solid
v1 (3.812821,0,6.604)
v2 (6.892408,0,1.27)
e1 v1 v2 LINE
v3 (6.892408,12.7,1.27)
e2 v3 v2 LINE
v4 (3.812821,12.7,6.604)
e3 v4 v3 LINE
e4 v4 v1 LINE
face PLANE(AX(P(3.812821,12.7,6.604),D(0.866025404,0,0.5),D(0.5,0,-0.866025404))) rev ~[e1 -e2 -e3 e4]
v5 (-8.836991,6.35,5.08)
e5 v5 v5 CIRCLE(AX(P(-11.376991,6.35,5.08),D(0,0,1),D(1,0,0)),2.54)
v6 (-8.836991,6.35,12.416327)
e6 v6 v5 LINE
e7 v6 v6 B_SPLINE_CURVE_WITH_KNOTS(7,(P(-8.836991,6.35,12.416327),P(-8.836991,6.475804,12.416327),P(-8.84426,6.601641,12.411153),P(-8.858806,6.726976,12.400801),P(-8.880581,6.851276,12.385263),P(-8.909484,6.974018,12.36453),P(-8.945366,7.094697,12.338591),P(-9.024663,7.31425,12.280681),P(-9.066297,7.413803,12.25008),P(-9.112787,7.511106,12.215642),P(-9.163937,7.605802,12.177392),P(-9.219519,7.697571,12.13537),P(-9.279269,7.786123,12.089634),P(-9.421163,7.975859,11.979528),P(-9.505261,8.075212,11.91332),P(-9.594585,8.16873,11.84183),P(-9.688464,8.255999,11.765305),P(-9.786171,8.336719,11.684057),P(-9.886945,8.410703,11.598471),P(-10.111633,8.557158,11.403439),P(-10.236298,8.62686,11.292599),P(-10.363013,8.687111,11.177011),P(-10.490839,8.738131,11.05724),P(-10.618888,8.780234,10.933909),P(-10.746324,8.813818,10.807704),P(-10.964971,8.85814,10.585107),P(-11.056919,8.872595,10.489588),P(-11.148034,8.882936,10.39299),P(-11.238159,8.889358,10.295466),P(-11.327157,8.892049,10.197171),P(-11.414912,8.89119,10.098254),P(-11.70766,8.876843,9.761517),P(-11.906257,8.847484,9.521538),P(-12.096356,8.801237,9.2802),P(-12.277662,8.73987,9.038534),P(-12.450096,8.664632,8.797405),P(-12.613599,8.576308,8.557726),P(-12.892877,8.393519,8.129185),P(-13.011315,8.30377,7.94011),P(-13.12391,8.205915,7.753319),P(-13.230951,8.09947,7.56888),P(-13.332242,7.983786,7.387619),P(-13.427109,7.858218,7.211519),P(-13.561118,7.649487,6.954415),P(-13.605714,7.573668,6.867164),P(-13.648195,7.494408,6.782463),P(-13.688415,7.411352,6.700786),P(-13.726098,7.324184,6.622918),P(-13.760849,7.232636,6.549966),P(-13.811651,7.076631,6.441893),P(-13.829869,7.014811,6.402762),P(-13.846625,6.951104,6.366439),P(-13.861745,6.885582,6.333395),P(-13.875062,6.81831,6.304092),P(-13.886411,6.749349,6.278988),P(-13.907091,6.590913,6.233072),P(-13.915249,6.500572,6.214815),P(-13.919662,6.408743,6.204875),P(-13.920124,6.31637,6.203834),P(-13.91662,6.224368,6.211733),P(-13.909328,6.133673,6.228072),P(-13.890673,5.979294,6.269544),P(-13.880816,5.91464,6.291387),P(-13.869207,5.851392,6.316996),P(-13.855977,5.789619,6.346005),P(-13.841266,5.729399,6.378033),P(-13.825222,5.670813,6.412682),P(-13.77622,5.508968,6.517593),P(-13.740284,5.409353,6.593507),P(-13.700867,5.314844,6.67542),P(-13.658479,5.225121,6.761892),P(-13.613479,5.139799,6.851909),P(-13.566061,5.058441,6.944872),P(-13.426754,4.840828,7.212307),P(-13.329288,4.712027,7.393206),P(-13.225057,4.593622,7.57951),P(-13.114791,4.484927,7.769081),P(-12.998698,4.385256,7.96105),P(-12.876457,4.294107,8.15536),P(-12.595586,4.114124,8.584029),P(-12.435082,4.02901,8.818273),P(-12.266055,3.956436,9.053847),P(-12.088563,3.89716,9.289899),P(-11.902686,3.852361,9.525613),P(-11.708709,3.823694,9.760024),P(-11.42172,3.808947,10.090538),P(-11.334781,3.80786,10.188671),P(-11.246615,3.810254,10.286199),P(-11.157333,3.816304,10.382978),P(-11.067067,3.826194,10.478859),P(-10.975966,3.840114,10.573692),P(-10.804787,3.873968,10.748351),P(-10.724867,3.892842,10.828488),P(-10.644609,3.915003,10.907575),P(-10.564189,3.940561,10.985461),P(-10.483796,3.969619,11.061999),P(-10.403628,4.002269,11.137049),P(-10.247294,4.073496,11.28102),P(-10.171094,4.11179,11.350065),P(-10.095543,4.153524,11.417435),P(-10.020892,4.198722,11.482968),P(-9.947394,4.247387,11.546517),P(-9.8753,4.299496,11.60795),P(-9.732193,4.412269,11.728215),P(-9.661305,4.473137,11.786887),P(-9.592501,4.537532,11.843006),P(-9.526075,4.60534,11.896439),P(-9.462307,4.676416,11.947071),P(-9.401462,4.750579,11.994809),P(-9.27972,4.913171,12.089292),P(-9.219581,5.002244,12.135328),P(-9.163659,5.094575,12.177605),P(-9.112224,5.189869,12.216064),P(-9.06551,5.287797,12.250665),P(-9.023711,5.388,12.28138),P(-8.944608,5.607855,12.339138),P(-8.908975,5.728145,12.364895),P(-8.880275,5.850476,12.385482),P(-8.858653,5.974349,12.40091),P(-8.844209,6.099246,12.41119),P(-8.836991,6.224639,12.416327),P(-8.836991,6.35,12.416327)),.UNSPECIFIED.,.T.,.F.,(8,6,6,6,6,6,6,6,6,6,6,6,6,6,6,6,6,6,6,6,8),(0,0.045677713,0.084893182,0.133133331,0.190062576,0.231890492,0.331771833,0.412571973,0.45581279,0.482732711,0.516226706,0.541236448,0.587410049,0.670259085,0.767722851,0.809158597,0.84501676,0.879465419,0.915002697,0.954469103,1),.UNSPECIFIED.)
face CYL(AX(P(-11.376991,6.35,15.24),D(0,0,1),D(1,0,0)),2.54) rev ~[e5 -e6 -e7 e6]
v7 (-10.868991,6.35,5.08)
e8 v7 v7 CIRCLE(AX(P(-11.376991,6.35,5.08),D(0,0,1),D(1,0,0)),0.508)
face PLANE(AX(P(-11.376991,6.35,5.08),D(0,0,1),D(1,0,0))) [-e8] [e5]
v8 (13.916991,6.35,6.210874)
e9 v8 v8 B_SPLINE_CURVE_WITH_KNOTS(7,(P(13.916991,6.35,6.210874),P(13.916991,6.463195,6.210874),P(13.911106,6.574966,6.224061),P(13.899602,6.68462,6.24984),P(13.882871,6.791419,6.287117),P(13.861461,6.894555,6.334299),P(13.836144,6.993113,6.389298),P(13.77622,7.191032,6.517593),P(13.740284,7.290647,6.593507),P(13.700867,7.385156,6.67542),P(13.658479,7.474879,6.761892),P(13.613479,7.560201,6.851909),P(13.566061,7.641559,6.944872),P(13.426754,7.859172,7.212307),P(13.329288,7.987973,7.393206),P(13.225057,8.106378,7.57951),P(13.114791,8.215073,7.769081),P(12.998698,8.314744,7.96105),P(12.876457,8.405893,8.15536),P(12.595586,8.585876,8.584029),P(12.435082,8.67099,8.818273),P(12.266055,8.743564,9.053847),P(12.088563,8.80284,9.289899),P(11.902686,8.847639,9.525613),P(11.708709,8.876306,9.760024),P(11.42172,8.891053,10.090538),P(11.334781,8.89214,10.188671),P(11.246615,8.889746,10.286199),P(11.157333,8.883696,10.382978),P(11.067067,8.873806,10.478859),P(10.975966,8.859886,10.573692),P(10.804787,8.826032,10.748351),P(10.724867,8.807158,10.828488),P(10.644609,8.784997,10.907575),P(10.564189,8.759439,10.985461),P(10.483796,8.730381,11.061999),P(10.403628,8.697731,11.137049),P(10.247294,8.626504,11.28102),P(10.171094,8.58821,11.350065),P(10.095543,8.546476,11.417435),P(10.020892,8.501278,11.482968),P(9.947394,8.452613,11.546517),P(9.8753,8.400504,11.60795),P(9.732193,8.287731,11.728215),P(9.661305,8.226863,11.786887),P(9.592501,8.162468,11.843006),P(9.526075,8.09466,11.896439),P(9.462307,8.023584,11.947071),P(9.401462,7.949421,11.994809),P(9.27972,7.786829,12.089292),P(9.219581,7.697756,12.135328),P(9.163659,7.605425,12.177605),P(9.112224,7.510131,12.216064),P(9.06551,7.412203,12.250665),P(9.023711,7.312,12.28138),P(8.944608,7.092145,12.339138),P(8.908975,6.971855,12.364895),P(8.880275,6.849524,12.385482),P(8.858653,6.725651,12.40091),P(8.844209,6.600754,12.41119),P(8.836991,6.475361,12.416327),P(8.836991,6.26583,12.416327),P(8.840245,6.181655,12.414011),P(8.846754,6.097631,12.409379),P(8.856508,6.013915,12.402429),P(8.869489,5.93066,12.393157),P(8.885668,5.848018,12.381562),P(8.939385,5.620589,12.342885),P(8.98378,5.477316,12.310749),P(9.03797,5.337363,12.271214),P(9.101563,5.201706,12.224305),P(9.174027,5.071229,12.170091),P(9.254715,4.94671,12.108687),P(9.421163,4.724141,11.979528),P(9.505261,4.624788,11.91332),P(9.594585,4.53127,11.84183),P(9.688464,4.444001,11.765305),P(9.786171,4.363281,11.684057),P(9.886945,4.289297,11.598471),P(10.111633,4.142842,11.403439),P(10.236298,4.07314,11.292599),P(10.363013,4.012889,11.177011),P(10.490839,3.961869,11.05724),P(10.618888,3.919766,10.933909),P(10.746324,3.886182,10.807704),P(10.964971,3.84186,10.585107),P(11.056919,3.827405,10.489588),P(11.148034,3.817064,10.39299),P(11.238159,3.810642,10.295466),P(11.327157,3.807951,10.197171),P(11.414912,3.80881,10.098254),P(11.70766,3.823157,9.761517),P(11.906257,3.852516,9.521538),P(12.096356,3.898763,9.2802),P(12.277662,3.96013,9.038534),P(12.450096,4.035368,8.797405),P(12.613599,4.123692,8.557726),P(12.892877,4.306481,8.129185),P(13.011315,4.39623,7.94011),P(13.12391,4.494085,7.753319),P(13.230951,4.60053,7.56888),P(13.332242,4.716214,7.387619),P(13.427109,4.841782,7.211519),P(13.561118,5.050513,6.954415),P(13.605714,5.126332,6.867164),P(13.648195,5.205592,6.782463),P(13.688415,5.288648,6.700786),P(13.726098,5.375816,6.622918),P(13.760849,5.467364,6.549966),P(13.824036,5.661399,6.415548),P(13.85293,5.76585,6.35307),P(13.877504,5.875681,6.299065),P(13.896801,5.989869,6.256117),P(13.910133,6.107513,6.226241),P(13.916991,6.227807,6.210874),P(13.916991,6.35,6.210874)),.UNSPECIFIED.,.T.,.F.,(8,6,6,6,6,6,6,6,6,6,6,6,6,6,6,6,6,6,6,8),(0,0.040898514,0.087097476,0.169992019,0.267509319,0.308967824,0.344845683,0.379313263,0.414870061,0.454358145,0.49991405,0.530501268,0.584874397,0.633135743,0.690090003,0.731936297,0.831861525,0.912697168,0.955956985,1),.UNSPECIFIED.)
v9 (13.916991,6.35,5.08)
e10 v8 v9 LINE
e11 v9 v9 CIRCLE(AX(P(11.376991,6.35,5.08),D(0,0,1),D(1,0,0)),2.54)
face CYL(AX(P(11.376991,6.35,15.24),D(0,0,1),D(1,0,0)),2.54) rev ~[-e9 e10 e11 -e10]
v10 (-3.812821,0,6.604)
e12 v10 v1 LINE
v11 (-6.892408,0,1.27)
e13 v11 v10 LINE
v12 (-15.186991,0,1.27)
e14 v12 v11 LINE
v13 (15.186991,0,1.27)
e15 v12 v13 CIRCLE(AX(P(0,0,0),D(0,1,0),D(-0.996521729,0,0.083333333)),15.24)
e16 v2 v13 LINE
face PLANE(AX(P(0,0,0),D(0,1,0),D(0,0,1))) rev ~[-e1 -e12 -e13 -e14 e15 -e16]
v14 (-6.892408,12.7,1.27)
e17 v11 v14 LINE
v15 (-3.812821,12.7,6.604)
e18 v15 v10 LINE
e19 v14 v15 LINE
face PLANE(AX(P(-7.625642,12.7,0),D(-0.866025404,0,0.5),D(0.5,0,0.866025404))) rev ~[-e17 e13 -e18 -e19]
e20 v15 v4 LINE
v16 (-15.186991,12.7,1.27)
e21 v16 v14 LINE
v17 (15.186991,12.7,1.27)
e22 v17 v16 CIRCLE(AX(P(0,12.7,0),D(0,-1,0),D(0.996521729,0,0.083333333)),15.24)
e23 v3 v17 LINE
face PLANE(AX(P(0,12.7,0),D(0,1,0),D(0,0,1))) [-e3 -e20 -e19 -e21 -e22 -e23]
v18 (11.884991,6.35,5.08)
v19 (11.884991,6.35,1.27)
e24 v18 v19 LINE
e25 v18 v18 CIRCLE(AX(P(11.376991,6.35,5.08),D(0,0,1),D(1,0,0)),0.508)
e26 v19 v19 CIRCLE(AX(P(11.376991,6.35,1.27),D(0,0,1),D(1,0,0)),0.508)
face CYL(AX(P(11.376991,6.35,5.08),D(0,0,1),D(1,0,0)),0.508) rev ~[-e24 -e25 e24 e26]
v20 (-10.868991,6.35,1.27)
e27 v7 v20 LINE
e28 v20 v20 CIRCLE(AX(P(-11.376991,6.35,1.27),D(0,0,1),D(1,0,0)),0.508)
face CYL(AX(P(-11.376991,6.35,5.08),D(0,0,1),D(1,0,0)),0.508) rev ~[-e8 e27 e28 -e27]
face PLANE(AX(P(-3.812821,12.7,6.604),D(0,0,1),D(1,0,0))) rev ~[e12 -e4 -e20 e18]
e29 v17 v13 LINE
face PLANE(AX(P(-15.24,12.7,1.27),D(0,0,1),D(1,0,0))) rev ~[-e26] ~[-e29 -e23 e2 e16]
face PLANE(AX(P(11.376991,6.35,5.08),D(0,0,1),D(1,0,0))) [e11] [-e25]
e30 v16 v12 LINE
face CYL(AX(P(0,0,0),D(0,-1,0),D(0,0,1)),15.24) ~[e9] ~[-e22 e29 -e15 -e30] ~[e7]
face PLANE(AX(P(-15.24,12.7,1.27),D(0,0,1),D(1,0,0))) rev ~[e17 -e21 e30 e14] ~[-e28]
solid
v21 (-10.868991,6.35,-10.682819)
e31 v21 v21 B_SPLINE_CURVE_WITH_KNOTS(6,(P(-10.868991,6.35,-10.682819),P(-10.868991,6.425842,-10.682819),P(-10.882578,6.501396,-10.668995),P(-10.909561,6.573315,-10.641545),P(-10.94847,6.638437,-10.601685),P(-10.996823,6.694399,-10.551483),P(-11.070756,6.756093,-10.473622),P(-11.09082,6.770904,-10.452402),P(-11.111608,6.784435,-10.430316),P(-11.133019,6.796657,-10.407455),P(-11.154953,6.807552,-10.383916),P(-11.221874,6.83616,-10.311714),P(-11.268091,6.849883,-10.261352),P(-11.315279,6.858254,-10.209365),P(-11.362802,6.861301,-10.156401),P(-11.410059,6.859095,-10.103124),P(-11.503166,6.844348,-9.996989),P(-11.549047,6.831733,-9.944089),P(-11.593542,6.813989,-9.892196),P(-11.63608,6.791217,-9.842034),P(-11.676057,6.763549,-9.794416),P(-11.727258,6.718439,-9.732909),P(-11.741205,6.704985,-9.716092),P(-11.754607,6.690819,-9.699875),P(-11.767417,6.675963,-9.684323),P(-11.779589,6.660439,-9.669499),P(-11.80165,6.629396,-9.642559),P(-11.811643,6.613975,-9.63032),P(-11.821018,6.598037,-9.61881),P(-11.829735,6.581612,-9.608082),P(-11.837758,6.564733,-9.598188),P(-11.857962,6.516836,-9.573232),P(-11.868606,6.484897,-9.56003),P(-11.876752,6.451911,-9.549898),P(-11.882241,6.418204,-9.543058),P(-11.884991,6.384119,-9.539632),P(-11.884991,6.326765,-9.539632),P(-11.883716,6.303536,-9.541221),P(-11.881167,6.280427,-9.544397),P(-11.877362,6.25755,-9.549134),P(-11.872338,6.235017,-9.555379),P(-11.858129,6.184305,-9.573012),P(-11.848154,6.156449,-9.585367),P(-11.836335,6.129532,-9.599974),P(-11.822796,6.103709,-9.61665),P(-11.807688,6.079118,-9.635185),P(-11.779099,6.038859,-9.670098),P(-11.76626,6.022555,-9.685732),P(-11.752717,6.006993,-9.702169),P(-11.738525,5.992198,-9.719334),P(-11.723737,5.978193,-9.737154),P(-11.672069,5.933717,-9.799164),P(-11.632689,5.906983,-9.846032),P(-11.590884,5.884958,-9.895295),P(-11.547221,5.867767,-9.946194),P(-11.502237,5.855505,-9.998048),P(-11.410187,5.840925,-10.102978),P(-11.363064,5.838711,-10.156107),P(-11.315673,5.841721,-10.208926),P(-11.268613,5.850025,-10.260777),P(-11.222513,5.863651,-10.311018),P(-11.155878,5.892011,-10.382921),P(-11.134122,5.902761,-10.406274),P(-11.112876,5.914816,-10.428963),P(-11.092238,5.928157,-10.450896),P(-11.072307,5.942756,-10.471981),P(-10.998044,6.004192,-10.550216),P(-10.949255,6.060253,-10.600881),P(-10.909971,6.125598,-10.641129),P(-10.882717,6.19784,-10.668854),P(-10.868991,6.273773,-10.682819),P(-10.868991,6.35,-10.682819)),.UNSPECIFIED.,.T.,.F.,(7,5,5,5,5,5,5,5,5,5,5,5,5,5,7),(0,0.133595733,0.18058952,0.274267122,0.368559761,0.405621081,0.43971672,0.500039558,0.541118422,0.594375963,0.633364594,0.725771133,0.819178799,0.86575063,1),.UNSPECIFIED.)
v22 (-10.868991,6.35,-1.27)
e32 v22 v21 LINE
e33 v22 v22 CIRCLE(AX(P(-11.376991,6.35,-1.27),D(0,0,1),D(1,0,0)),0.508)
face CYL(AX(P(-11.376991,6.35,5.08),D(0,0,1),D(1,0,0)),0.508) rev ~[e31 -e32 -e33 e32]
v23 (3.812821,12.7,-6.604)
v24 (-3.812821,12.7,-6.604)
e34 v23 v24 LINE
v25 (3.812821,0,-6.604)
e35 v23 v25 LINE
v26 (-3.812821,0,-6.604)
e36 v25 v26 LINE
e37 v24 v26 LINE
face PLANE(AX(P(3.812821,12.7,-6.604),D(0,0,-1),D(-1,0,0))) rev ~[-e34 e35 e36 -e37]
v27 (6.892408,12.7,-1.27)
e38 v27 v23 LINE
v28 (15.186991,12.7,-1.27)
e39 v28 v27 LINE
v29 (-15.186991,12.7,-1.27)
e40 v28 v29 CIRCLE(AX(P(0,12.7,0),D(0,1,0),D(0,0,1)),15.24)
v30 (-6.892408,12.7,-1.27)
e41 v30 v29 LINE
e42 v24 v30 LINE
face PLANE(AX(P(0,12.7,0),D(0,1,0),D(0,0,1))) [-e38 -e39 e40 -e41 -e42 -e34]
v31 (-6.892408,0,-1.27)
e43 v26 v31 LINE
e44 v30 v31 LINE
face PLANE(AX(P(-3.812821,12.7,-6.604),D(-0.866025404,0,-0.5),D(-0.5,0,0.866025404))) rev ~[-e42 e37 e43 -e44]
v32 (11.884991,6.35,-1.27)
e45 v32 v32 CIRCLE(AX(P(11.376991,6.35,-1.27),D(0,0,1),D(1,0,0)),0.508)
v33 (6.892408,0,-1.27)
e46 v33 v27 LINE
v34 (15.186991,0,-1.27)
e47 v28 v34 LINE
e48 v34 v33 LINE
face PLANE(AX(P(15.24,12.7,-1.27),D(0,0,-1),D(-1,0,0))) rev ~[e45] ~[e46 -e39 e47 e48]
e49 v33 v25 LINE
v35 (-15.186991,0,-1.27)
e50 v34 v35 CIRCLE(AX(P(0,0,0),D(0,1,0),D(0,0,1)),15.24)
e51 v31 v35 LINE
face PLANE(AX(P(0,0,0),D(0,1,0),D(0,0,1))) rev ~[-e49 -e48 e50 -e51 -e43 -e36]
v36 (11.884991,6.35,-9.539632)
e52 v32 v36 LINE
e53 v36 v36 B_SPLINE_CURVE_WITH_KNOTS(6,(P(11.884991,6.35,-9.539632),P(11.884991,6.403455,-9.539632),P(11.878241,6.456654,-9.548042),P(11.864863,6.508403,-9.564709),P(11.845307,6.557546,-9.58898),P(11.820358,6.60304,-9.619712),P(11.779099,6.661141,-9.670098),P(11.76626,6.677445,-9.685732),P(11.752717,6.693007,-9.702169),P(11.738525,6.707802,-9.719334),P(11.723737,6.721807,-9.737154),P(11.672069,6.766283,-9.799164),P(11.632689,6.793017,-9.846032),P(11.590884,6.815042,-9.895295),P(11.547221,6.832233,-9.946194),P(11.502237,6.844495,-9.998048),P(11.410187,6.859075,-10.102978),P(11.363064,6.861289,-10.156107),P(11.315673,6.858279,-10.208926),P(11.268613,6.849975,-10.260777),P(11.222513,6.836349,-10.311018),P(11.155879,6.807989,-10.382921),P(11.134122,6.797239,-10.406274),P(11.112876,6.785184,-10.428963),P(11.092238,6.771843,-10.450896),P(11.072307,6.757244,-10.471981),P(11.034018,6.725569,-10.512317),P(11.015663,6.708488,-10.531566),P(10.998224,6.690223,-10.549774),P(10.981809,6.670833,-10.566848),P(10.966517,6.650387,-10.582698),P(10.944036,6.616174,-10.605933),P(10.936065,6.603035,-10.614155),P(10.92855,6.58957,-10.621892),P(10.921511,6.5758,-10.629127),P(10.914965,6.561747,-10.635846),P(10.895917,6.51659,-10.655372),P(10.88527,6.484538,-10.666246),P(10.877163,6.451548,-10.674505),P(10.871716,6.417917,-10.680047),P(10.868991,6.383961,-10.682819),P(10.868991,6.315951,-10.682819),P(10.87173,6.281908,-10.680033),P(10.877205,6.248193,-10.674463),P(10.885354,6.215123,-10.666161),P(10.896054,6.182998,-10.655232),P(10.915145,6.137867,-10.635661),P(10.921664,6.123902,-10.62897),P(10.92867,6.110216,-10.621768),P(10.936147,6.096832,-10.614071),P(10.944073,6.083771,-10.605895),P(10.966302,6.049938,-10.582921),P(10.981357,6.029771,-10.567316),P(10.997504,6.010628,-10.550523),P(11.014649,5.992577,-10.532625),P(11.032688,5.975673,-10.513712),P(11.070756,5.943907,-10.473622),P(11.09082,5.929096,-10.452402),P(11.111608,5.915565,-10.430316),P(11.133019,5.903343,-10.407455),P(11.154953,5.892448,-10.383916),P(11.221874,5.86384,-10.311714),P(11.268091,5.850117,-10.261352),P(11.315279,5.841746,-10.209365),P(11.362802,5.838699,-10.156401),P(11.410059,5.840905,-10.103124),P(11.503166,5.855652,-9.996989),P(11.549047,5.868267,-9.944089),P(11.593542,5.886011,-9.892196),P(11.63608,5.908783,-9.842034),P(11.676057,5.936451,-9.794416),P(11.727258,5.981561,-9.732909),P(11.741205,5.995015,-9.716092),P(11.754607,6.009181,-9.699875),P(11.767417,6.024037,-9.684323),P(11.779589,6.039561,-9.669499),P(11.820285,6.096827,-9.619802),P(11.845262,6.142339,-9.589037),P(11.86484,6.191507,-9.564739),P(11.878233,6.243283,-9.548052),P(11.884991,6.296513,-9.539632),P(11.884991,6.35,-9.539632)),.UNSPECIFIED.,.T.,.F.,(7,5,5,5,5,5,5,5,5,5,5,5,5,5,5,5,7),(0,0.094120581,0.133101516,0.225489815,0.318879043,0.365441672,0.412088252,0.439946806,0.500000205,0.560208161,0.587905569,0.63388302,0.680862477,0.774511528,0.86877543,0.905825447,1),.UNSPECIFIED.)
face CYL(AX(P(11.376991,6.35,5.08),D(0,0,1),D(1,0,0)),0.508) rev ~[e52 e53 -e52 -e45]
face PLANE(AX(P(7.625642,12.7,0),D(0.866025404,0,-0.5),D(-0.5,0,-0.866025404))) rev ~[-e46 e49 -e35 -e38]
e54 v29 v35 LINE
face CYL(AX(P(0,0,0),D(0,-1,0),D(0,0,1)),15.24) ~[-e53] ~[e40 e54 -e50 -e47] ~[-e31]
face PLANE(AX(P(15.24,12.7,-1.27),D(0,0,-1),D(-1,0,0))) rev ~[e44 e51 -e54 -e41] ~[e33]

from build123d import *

# Parameters (mm, degrees)
SKETCH1_R           = 15.24
BOSS_EXTRUDE1_DEPTH = 12.7
CUT_EXTRUDE1_DEPTH  = 12.7
CUT_EXTRUDE2_DEPTH  = 12.7
SKETCH4_R           = 2.54
CUT_EXTRUDE3_DEPTH  = 10.16
SKETCH5_R           = 0.508
CUT_EXTRUDE4_DEPTH  = 29.369651136


with BuildPart() as part:
    # Sketch1 → Boss-Extrude1 (new body)
    with BuildSketch(Plane(origin=(0, 0, 0), x_dir=(1, 0, 0), z_dir=(0, 1, 0))):
        with Locations(Location((0, 0, 0), (0, 0, 270))):
            Circle(SKETCH1_R)
    extrude(amount=BOSS_EXTRUDE1_DEPTH)

    # Sketch2 → Cut-Extrude1 (cut)
    with BuildSketch(Plane(origin=(0, 12.7, 0), x_dir=(1, 0, 0), z_dir=(0, 1, 0))):
        Polygon((7.625642355, 0), (3.812821178, 6.604), (-3.812821178, 6.604), (-7.625642355, 0), (-3.812821178, -6.604), (3.812821178, -6.604), align=None)
    extrude(amount=-CUT_EXTRUDE1_DEPTH, mode=Mode.SUBTRACT)

    # Sketch3 → Cut-Extrude2 (cut)
    with BuildSketch(Plane(origin=(0, 12.7, 0), x_dir=(1, 0, 0), z_dir=(0, 1, 0))):
        Polygon((-15.24, 0), (-15.24, -1.27), (15.24, -1.27), (15.24, 0), (15.24, 1.27), (-15.24, 1.27), align=None)
    extrude(amount=-CUT_EXTRUDE2_DEPTH, mode=Mode.SUBTRACT)


with BuildPart() as cut_extrude2_piece_1:
    # of the separate pieces the step leaves, piece 1, a body of its own (cut_extrude2_pieces)
    add(part.part.solids().sort_by_distance((-15.186991144, 0, 1.27))[0])

    # Sketch4 → Cut-Extrude3 (cut)
    with BuildSketch(Plane.XY.offset(15.24)):
        with Locations((-11.376991144, 6.35)):
            Circle(SKETCH4_R)
        with Locations((11.376991144, 6.35)):
            Circle(SKETCH4_R)
    extrude(amount=-CUT_EXTRUDE3_DEPTH, mode=Mode.SUBTRACT)


with BuildPart() as cut_extrude2_piece_2:
    # of the separate pieces the step leaves, piece 2, a body of its own (cut_extrude2_pieces)
    add(part.part.solids().sort_by_distance((15.186991144, 0, -1.27))[0])


with BuildPart() as cut_extrude4_tool:
    # Sketch5 → Cut-Extrude4 (new, through all)
    with BuildSketch(Plane.XY.offset(5.08)):
        with Locations((-11.376991144, 6.35)):
            Circle(SKETCH5_R)
        with Locations((11.376991144, 6.35)):
            Circle(SKETCH5_R)
    extrude(amount=-CUT_EXTRUDE4_DEPTH)


with BuildPart() as cut_extrude2_piece_1_1:
    add(cut_extrude2_piece_1.part)

    # Cut-Extrude4: cut by cut_extrude4_tool
    add(cut_extrude4_tool.part, mode=Mode.SUBTRACT)


with BuildPart() as cut_extrude2_piece_2_1:
    add(cut_extrude2_piece_2.part)

    # Cut-Extrude4: cut by cut_extrude4_tool
    add(cut_extrude4_tool.part, mode=Mode.SUBTRACT)


solid = Compound([cut_extrude2_piece_1_1.part, cut_extrude2_piece_2_1.part])
